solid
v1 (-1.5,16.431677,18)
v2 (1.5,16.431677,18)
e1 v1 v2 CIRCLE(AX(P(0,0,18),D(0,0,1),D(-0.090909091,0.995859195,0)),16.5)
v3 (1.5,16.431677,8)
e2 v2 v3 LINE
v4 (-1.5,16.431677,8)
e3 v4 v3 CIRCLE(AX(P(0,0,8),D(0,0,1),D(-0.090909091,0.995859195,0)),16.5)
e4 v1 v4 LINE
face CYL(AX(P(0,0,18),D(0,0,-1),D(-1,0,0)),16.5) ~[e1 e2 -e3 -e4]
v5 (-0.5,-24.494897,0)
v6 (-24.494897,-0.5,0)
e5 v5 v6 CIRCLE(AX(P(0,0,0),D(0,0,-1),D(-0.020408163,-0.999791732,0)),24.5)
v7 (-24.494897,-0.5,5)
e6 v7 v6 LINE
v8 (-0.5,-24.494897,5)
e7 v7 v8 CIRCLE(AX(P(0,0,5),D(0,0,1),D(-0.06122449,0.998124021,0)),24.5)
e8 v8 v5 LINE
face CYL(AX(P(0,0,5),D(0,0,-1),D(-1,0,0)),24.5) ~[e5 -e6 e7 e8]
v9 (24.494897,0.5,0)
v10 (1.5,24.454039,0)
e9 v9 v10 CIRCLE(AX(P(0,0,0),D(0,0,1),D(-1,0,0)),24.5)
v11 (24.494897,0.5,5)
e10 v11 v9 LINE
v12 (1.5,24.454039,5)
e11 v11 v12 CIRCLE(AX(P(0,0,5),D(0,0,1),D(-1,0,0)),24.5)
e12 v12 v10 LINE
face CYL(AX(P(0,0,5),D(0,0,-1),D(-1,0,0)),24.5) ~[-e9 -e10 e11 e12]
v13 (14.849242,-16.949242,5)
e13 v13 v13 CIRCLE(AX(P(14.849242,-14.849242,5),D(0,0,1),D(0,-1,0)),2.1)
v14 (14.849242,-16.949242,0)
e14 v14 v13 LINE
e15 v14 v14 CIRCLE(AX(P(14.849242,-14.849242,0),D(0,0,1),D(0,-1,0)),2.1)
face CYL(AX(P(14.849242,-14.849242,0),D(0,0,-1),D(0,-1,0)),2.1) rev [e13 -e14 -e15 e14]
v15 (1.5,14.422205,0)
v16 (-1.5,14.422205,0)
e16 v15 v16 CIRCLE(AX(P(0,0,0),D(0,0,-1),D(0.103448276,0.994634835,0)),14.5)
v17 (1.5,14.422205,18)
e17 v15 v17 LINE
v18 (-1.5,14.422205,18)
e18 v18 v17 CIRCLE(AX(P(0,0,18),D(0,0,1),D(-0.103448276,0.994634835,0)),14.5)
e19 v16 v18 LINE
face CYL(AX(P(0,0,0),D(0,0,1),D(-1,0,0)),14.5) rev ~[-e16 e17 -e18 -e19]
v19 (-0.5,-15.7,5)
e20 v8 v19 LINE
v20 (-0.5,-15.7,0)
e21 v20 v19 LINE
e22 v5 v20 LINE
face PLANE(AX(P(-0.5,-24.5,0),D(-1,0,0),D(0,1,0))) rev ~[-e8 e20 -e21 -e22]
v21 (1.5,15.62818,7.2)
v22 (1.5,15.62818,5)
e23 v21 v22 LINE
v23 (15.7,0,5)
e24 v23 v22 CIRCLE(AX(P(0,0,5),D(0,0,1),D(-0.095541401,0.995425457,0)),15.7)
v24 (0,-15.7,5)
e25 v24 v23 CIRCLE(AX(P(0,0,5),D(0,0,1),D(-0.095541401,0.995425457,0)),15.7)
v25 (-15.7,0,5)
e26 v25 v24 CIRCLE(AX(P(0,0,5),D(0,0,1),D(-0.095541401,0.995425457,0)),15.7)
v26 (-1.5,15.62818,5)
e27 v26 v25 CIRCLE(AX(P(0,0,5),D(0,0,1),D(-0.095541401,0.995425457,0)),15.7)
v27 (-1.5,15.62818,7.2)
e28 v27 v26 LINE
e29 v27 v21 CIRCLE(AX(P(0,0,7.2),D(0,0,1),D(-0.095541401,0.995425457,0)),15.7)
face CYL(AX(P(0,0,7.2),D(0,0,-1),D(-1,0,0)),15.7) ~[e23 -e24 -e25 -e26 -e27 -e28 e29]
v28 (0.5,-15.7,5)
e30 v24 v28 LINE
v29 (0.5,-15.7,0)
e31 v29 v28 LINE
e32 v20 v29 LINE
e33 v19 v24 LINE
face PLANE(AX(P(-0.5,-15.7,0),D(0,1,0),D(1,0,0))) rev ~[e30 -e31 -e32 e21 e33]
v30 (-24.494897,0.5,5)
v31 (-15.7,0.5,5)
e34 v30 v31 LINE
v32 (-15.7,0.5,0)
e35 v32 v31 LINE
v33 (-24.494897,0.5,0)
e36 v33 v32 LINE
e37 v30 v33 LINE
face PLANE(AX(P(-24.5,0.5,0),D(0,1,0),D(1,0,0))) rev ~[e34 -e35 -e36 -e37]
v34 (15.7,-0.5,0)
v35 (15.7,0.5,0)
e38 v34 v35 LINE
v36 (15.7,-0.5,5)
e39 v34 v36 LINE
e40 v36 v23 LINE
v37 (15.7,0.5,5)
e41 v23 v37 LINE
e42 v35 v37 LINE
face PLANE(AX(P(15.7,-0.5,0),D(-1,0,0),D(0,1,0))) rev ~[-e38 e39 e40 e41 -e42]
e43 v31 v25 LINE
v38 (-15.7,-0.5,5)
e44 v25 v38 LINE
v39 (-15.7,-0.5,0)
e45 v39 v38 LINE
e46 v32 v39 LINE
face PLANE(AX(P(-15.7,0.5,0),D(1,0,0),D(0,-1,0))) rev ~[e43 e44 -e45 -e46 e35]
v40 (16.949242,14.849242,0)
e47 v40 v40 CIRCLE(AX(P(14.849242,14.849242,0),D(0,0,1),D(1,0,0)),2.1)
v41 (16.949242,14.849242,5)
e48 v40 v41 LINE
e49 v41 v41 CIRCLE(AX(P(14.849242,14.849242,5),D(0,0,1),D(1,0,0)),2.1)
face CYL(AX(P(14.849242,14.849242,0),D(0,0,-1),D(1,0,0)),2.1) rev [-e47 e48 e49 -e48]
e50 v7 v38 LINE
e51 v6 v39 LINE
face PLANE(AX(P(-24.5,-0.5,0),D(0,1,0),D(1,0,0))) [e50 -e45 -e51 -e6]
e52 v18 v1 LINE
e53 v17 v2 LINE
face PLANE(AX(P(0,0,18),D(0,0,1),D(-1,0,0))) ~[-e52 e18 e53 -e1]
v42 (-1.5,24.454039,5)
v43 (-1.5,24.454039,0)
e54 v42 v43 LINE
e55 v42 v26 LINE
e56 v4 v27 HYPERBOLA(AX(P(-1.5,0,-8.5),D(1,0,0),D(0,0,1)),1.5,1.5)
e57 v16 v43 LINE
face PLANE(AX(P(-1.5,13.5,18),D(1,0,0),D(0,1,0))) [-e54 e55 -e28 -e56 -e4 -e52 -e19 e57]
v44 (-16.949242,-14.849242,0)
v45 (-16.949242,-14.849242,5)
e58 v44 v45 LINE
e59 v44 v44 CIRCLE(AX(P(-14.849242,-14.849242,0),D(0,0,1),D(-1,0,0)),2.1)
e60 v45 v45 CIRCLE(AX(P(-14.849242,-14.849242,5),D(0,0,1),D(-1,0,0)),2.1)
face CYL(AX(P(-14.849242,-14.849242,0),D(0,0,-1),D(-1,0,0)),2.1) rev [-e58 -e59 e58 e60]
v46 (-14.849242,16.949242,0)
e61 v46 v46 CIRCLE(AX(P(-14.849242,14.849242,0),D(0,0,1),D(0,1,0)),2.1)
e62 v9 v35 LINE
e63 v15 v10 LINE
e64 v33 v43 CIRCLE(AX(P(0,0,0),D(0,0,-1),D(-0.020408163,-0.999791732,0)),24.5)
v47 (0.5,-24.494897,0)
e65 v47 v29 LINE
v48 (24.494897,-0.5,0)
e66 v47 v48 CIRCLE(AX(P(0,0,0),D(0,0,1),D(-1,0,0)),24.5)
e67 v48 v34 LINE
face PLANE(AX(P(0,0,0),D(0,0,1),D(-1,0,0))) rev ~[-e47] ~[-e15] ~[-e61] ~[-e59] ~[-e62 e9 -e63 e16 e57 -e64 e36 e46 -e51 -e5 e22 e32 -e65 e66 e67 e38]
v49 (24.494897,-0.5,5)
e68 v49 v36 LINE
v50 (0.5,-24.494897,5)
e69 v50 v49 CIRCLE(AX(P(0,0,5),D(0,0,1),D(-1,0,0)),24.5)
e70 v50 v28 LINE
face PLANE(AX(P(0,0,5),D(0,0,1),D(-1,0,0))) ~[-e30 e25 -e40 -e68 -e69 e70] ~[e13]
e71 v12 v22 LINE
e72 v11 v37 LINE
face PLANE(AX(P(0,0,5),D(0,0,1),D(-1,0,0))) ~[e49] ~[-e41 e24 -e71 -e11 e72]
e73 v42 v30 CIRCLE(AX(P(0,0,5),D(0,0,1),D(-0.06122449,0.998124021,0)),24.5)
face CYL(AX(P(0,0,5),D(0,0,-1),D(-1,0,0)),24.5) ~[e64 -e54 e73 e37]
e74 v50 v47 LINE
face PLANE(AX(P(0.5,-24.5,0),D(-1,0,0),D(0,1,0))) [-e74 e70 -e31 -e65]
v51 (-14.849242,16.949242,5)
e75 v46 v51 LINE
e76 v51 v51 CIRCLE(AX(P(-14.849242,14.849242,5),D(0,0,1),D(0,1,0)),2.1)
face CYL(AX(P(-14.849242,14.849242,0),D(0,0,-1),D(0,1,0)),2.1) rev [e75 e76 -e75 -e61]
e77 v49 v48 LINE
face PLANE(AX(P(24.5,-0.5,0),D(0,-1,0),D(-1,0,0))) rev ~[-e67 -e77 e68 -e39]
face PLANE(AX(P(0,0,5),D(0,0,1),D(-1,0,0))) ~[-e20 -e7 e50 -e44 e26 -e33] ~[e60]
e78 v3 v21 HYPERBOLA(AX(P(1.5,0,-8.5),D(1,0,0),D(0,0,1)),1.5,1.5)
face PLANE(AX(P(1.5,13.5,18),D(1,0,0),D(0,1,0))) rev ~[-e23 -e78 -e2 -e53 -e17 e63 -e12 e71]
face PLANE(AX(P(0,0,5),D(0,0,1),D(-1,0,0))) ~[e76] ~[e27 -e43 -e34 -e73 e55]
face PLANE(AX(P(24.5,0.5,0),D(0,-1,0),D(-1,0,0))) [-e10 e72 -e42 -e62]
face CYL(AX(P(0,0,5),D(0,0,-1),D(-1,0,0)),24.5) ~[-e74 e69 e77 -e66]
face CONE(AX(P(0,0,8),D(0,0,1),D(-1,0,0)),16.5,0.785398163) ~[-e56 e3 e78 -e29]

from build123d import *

# Parameters (mm, degrees)
SKETCH001_W           = 3
SKETCH001_H           = 12
POCKET_DEPTH          = 18.001
SKETCH002_W           = 1
SKETCH002_H           = 8.8
POCKET001_DEPTH       = 5
POLARPATTERN_COUNT    = 4
SKETCH003_R           = 2.1
POCKET002_DEPTH       = 5
POLARPATTERN001_COUNT = 4


with BuildPart() as part:
    # Sketch → Revolution (revolve)
    with BuildSketch(Plane.XZ):
        Polygon((-14.5, 0), (-14.5, 18), (-16.5, 18), (-16.5, 8), (-15.7, 7.2), (-15.7, 5), (-24.5, 5), (-24.5, 0), align=None)
    revolve(axis=Axis((0, 0, 0), (0, 0, 1)))

    # Sketch001 → Pocket (cut, through all)
    with BuildSketch(Plane.XY.offset(18)):
        with Locations((0, 19.5)):
            Rectangle(SKETCH001_W, SKETCH001_H)
    extrude(amount=-POCKET_DEPTH, mode=Mode.SUBTRACT)

    # Sketch002 → Pocket001 (cut)
    with BuildSketch(Plane.XY):
        with Locations((0, -20.1)):
            Rectangle(SKETCH002_W, SKETCH002_H)
    pocket001 = extrude(amount=POCKET001_DEPTH, mode=Mode.SUBTRACT)

    # PolarPattern: Pocket001 ×4 about axis
    polarpattern_axis = Axis((0, 0, 0), (0, 0, 1))
    for i in range(1, POLARPATTERN_COUNT):
        add(pocket001.rotate(polarpattern_axis, i * 360 / POLARPATTERN_COUNT), mode=Mode.SUBTRACT)

    # Sketch003 → Pocket002 (cut)
    with BuildSketch(Plane.XY):
        with Locations((14.849242, 14.849242)):
            Circle(SKETCH003_R)
    pocket002 = extrude(amount=POCKET002_DEPTH, mode=Mode.SUBTRACT)

    # PolarPattern001: Pocket002 ×4 about axis
    polarpattern001_axis = Axis((0, 0, 0), (0, 0, 1))
    for i in range(1, POLARPATTERN001_COUNT):
        add(pocket002.rotate(polarpattern001_axis, i * 360 / POLARPATTERN001_COUNT), mode=Mode.SUBTRACT)


solid = part.part
